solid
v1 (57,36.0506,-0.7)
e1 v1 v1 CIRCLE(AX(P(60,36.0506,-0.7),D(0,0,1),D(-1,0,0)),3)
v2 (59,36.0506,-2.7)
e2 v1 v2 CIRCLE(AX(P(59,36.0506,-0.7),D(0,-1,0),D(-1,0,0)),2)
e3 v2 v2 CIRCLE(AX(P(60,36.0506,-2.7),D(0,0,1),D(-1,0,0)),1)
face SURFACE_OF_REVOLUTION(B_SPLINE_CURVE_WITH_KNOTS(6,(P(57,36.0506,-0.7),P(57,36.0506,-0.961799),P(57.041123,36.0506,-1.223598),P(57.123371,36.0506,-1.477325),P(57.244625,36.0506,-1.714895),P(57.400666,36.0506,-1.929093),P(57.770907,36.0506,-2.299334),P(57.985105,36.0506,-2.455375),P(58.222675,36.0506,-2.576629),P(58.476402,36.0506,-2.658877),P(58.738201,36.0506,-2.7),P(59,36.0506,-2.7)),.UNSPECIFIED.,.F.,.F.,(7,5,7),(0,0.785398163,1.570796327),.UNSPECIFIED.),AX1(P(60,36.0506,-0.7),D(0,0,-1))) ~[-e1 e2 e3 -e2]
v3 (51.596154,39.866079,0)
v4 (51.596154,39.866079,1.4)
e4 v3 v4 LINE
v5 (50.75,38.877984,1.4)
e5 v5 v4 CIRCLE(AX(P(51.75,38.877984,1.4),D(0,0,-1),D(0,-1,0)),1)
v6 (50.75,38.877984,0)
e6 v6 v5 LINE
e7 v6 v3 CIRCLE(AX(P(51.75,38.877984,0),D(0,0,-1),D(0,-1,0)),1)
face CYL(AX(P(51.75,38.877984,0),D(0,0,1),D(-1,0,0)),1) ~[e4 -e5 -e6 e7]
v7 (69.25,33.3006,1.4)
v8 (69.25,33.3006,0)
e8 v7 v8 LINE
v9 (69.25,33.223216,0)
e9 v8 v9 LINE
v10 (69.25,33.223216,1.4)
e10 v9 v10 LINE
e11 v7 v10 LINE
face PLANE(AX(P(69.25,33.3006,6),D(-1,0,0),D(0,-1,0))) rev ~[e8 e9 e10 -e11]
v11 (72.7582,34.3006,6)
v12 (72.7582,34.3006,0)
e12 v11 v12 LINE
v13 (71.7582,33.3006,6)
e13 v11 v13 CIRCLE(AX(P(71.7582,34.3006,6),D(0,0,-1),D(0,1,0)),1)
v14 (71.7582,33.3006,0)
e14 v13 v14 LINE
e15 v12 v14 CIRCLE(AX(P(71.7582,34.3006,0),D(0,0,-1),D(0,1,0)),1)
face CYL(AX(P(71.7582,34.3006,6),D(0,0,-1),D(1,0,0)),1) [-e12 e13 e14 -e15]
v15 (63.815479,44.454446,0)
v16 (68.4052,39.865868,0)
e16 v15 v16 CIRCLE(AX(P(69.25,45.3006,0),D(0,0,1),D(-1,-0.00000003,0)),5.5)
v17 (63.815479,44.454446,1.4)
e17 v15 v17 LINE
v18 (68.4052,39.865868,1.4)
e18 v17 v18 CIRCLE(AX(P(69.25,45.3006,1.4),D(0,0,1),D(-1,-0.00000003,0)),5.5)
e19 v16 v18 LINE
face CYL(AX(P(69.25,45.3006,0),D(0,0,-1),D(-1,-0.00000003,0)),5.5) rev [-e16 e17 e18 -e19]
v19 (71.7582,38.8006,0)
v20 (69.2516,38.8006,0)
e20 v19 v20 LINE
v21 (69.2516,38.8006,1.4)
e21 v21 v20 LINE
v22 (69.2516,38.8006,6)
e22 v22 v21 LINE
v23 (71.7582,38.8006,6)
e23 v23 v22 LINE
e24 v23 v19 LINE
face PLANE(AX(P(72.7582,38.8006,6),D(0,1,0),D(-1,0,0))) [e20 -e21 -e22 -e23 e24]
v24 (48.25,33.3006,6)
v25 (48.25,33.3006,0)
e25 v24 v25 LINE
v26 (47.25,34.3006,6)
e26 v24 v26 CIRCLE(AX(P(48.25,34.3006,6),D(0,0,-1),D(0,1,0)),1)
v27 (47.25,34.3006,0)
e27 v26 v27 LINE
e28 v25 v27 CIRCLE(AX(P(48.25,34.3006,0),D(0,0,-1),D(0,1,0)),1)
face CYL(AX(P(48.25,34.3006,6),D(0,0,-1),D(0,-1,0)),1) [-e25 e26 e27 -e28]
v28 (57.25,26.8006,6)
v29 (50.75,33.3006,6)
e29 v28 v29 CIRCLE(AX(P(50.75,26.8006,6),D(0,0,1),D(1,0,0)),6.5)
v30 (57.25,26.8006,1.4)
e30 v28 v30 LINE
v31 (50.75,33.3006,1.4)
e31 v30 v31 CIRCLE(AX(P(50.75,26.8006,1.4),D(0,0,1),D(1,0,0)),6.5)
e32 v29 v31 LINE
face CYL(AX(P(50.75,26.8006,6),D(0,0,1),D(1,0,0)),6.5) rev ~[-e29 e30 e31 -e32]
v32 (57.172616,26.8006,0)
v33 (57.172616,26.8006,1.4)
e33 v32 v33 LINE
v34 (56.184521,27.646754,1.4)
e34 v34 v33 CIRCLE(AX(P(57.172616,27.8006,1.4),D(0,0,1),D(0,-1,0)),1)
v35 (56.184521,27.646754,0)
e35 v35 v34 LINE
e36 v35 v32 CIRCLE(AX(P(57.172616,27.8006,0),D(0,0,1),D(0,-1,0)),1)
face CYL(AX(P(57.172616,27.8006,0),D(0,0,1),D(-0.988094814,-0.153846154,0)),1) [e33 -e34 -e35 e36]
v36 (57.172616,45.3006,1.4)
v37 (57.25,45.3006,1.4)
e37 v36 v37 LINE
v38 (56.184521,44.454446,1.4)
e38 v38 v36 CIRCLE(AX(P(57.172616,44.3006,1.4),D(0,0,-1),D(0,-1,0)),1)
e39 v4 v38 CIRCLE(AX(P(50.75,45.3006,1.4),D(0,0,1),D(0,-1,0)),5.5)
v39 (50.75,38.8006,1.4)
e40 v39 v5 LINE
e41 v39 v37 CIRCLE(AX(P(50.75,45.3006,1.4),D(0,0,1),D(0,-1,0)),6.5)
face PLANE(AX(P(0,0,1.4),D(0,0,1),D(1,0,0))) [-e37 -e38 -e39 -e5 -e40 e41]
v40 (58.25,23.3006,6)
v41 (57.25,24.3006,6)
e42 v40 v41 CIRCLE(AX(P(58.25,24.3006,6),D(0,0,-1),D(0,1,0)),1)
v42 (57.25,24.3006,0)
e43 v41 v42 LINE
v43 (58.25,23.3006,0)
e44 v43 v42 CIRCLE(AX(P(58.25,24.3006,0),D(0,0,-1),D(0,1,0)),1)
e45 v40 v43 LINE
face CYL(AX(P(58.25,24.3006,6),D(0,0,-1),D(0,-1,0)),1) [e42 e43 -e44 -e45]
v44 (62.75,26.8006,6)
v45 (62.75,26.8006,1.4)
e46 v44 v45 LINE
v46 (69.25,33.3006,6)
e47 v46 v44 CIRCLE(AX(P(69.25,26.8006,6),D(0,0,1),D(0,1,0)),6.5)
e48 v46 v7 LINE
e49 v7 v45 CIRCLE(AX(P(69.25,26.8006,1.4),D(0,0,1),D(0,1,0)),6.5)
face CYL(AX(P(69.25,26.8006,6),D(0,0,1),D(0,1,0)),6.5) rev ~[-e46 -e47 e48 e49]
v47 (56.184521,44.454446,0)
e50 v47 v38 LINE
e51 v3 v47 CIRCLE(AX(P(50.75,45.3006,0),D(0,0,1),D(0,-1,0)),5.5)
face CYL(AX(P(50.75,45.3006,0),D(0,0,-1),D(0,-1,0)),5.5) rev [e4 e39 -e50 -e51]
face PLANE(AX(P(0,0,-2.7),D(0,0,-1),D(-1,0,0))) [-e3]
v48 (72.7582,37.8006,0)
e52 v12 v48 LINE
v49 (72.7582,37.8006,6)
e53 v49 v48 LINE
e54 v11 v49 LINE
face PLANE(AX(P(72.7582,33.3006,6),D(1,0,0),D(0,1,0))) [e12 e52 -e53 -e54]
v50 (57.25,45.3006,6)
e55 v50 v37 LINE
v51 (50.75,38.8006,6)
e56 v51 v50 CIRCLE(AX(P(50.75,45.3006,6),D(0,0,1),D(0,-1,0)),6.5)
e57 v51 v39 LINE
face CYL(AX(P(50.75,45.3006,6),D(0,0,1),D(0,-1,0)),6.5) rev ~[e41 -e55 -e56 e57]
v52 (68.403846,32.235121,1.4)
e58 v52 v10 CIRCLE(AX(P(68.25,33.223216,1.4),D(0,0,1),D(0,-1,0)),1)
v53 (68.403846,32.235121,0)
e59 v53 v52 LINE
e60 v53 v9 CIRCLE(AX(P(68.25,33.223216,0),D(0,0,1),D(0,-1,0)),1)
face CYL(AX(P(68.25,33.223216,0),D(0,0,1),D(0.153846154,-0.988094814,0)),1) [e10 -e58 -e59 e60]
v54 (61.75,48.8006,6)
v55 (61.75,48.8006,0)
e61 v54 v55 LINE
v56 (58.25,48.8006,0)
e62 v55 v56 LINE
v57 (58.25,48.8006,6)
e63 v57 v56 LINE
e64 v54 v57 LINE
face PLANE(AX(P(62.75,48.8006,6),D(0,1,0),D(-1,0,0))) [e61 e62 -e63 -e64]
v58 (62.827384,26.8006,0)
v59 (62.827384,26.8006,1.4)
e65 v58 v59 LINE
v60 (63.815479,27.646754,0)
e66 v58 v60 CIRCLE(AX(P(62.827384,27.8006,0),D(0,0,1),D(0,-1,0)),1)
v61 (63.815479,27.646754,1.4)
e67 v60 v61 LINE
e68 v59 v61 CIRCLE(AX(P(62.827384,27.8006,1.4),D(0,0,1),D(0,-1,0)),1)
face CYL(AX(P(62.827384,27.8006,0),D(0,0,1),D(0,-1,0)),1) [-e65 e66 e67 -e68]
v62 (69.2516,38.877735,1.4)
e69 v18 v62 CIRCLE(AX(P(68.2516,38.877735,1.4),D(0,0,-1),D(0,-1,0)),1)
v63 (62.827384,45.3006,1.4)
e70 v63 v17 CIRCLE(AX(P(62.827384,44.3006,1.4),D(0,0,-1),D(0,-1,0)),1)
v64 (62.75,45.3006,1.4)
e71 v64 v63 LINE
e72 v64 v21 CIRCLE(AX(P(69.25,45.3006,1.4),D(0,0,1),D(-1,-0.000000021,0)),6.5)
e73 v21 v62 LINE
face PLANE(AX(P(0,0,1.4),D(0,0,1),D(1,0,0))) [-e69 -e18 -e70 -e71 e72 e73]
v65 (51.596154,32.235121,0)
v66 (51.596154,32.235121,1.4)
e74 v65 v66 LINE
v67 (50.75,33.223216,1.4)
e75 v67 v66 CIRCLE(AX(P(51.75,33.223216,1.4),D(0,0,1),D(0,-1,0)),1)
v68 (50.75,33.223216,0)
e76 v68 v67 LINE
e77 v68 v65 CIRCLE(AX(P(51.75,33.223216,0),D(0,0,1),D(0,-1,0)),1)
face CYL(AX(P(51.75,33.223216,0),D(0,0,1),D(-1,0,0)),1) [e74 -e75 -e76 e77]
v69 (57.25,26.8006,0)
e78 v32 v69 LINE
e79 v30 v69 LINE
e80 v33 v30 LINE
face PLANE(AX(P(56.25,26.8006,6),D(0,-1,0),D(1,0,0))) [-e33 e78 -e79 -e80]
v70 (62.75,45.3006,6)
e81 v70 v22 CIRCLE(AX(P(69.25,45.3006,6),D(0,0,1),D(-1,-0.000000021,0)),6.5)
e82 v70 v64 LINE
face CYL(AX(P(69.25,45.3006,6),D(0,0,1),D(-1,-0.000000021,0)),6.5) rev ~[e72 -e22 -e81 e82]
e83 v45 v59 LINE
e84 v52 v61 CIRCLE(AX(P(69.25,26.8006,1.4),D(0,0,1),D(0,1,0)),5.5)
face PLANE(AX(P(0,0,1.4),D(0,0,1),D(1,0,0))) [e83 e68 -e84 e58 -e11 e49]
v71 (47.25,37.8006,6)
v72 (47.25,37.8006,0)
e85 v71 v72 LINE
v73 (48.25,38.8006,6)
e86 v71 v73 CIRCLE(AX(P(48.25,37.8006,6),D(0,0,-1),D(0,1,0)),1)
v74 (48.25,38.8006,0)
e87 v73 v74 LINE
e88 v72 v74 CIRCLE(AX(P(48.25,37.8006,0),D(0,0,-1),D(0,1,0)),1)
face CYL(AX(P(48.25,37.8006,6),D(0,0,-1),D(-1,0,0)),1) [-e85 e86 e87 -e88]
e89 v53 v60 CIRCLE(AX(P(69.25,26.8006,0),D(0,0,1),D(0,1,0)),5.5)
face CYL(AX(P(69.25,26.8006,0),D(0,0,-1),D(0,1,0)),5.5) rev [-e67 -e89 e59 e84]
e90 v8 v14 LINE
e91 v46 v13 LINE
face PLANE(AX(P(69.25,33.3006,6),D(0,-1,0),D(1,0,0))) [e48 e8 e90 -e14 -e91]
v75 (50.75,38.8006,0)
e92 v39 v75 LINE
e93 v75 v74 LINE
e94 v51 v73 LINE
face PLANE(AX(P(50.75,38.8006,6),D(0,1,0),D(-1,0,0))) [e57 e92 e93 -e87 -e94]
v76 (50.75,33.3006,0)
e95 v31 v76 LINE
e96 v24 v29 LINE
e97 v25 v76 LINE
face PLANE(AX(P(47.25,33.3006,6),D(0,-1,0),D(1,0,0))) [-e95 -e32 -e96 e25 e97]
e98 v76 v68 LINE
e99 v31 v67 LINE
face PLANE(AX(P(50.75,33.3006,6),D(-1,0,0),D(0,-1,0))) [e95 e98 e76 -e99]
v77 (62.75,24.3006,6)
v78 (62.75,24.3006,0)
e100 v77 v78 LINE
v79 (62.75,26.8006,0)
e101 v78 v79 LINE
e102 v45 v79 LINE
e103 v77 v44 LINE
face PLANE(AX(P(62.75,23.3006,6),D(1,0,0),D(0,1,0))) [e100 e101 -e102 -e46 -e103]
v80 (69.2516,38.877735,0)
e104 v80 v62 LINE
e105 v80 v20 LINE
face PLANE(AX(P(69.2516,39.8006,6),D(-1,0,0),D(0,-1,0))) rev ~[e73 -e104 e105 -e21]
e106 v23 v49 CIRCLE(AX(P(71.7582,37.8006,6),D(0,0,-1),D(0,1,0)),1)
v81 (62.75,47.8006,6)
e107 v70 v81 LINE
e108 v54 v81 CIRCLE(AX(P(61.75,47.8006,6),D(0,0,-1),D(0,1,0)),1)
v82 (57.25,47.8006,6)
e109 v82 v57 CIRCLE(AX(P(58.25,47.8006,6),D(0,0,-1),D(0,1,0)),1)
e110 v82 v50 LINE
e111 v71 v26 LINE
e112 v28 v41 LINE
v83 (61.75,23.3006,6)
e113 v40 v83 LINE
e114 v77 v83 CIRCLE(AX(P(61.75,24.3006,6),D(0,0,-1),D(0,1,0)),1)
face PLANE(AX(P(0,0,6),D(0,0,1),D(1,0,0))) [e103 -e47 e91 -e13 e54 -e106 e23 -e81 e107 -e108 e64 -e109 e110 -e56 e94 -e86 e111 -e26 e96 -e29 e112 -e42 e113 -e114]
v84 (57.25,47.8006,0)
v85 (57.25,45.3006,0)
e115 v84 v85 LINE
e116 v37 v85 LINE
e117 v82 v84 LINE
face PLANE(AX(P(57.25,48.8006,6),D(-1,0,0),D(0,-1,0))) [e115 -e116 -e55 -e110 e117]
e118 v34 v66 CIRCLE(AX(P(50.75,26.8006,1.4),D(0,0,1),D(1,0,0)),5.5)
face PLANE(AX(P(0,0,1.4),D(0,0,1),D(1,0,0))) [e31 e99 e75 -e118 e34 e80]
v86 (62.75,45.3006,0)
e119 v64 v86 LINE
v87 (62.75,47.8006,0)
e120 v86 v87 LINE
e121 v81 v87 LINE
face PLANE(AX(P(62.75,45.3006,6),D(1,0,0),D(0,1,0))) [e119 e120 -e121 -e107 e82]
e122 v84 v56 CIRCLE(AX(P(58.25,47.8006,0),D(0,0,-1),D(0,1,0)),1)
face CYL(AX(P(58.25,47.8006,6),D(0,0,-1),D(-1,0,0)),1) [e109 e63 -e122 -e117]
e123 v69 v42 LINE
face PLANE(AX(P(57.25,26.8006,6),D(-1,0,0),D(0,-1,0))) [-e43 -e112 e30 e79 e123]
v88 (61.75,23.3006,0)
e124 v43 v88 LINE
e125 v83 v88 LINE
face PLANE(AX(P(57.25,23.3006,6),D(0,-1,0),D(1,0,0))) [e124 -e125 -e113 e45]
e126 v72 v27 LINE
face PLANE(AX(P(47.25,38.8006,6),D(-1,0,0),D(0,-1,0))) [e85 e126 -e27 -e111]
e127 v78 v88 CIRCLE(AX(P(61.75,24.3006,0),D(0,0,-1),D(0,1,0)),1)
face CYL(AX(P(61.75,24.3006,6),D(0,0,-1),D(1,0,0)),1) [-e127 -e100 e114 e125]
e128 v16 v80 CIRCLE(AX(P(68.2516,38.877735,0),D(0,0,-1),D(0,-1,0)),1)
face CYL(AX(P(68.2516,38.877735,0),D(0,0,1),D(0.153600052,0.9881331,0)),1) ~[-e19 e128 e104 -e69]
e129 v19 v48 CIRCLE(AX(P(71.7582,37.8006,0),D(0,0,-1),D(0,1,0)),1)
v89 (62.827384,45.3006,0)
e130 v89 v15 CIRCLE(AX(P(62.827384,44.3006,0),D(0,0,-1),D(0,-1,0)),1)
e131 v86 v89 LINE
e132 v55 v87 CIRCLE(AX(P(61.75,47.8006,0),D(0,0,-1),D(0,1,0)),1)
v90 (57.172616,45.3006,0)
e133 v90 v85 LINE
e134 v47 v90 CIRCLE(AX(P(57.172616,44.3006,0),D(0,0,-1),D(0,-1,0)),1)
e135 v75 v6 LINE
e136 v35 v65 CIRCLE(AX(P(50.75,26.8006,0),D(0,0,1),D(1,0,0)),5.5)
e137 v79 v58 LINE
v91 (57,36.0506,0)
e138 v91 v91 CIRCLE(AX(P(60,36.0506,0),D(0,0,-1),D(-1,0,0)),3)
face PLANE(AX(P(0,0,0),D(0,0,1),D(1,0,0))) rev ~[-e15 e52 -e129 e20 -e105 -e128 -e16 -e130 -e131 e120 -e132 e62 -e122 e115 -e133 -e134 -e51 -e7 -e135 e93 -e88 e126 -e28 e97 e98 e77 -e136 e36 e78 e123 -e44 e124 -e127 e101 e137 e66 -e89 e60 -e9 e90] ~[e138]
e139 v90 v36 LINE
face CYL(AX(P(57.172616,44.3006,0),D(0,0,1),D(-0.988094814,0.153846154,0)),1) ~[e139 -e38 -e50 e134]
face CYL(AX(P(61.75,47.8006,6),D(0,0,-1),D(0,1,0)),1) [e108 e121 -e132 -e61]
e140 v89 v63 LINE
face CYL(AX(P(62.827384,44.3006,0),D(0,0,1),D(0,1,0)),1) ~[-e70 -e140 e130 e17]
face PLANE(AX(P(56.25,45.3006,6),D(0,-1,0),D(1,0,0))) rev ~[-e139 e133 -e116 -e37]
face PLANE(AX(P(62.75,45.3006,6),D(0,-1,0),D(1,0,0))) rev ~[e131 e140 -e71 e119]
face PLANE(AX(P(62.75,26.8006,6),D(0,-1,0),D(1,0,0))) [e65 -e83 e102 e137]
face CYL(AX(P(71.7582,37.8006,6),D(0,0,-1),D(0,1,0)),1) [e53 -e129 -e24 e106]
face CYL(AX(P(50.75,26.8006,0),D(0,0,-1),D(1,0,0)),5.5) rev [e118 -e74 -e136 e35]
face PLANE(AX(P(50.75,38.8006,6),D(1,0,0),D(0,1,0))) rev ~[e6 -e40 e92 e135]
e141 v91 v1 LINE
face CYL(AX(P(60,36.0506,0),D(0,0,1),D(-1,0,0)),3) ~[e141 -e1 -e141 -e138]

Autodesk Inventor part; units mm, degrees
ref_plane "YZ Plane" through (0, 0, 0) normal (1, 0, 0) x (0, 1, 0)
ref_plane "XZ Plane" through (0, 0, 0) normal (0, 1, 0) x (-1, 0, 0)
ref_plane "XY Plane" through (0, 0, 0) normal (0, 0, 1) x (1, 0, 0)
sketch "Sketch1" plane through (0, 0, 0) normal (0, 0, 1) x (1, 0, 0)
  line L0 (50.75, 32.3006) -> (46.25, 32.3006)
  line L1 (46.25, 32.3006) -> (46.25, 39.8006)
  line L2 (46.25, 39.8006) -> (50.75, 39.8006)
  arc A0 (50.75, 39.8006) -> (56.25, 45.3006) centre (50.75, 45.3006) ccw
  line L3 (56.25, 45.3006) -> (56.25, 49.8006)
  line L4 (56.25, 49.8006) -> (63.75, 49.8006)
  line L5 (63.75, 49.8006) -> (63.75, 45.3006)
  arc A1 (63.75, 45.3006) -> (69.2516, 39.8006) centre (69.25, 45.3006) ccw
  line L6 (69.2516, 39.8006) -> (73.7503, 39.8165)
  line L7 (73.7503, 39.8165) -> (73.7589, 32.3006)
  line L8 (73.7589, 32.3006) -> (69.25, 32.3006)
  arc A2 (69.25, 32.3006) -> (63.75, 26.8006) centre (69.25, 26.8006) ccw
  line L9 (63.75, 26.8006) -> (63.75, 22.3006)
  line L10 (63.75, 22.3006) -> (56.25, 22.3006)
  line L11 (56.25, 22.3006) -> (56.25, 26.8006)
  arc A3 (56.25, 26.8006) -> (50.75, 32.3006) centre (50.75, 26.8006) ccw
  line L12 (47.25, 33.3006) -> (50.75, 33.3006)
  arc A4 (57.25, 26.8006) -> (50.75, 33.3006) centre (50.75, 26.8006) ccw
  line L13 (57.25, 26.8006) -> (57.25, 23.3006)
  line L14 (57.25, 23.3006) -> (62.75, 23.3006)
  line L15 (62.75, 23.3006) -> (62.75, 26.8006)
  arc A5 (69.25, 33.3006) -> (62.75, 26.8006) centre (69.25, 26.8006) ccw
  line L16 (69.25, 33.3006) -> (72.7578, 33.3006)
  line L17 (72.7578, 33.3006) -> (72.7514, 38.813)
  line L18 (72.7514, 38.813) -> (69.2535, 38.8006)
  arc A6 (62.75, 45.3006) -> (69.2535, 38.8006) centre (69.25, 45.3006) ccw
  line L19 (62.75, 45.3006) -> (62.75, 48.8006)
  line L20 (62.75, 48.8006) -> (57.25, 48.8006)
  line L21 (57.25, 48.8006) -> (57.25, 45.3006)
  arc A7 (50.75, 38.8006) -> (57.25, 45.3006) centre (50.75, 45.3006) ccw
  line L22 (50.75, 38.8006) -> (47.25, 38.8006)
  line L23 (47.25, 38.8006) -> (47.25, 33.3006)
  point P0 (0, 0)
  dimension "d47" = 1
extrude "Extrusion1" add sketch "Sketch1" along normal blind 6 contours L0 L1 L2 A0 L3 L4 L5 A1 L6 L7 L8 A2 L9 L10 L11 A3 | L23 L22 A7 L21 L20 L19 A6 L18 L17 L16 A5 L15 L14 L13 A4 L12
sketch "Sketch2" plane through (0, 0, 6) normal (0, 0, 1) x (1, 0, 0)
  line L0 (50.75, 32.3006) -> (46.25, 32.3006)
  line L1 (46.25, 32.3006) -> (46.25, 39.8006)
  line L2 (46.25, 39.8006) -> (50.75, 39.8006)
  arc A0 (50.75, 39.8006) -> (56.25, 45.3006) centre (50.75, 45.3006) ccw
  line L3 (56.25, 49.8006) -> (63.75, 49.8006)
  line L4 (63.75, 49.8006) -> (63.75, 45.3006)
  arc A1 (63.75, 45.3006) -> (69.2516, 39.8006) centre (69.25, 45.3006) ccw
  line L5 (69.2516, 39.8006) -> (73.7498, 39.8006)
  line L6 (73.7498, 39.8006) -> (73.732, 32.3006)
  line L7 (73.732, 32.3006) -> (69.25, 32.3006)
  arc A2 (69.25, 32.3006) -> (63.75, 26.8006) centre (69.25, 26.8006) ccw
  line L8 (63.75, 26.8006) -> (63.75, 22.3006)
  line L9 (63.75, 22.3006) -> (56.25, 22.3006)
  line L10 (56.25, 22.3006) -> (56.25, 26.8006)
  arc A3 (56.25, 26.8006) -> (50.75, 32.3006) centre (50.75, 26.8006) ccw
  line L11 (47.25, 33.3006) -> (50.75, 33.3006)
  arc A4 (57.25, 26.8006) -> (50.75, 33.3006) centre (50.75, 26.8006) ccw
  line L12 (57.25, 26.8006) -> (57.25, 23.3006)
  line L13 (57.25, 23.3006) -> (62.75, 23.3006)
  line L14 (62.75, 23.3006) -> (62.75, 26.8006)
  arc A5 (69.25, 33.3006) -> (62.75, 26.8006) centre (69.25, 26.8006) ccw
  line L15 (69.25, 33.3006) -> (72.7343, 33.3006)
  line L16 (72.7343, 33.3006) -> (72.7474, 38.8006)
  line L17 (72.7474, 38.8006) -> (69.2516, 38.8006)
  arc A6 (62.75, 45.3006) -> (69.2516, 38.8006) centre (69.25, 45.3006) ccw
  line L18 (62.75, 45.3006) -> (62.75, 48.8006)
  line L19 (62.75, 48.8006) -> (57.25, 48.8006)
  line L20 (57.25, 48.8006) -> (57.25, 45.3006)
  arc A7 (50.75, 38.8006) -> (57.25, 45.3006) centre (50.75, 45.3006) ccw
  line L21 (50.75, 38.8006) -> (47.25, 38.8006)
  line L22 (47.25, 38.8006) -> (47.25, 33.3006)
  line L23 (50.75, 33.3006) -> (50.75, 32.3006)
  line L24 (50.75, 38.8006) -> (50.75, 39.8006)
  line L25 (56.25, 49.8006) -> (56.25, 45.3006)
  line L26 (56.25, 45.3006) -> (57.25, 45.3006)
  line L27 (62.75, 45.3006) -> (63.75, 45.3006)
  line L28 (69.2516, 38.8006) -> (69.2516, 39.8006)
  line L29 (69.25, 33.3006) -> (69.25, 32.3006)
  line L30 (62.75, 26.8006) -> (63.75, 26.8006)
  line L31 (56.25, 26.8006) -> (56.25, 22.3006) projected
  line L32 (56.25, 26.8006) -> (57.25, 26.8006)
  dimension "d48" = 1
sketch "Sketch4" plane through (0, 0, 0) normal (0, 0, -1) x (-1, 0, 0)
  line L0 (-73.75, 32.3006) -> (-73.75, 39.8006) projected
  line L1 (-73.75, 36.0506) -> (-46.25, 36.0506)
  line L2 (-46.25, 39.8006) -> (-46.25, 32.3006) projected
  circle A0 centre (-60, 36.0506) radius 3
  point P0 (0, 0)
  dimension "d31" = 6
extrude "Extrusion4" add sketch "Sketch4" along normal blind 2.7
fillet "Fillet4" radius 2 1 edges at (63, 36.0506, -2.7)
extrude "Extrusion7" cut sketch "Sketch2" against normal blind 4.6 contours L23 A4 L32 A3 | A0 L26 A7 L24 | L30 A5 L29 A2 | A1 L28 A6 L27
sketch "Sketch5" plane through (0, 0, 6) normal (0, 0, 1) x (1, 0, 0)
  line L0 (62.75, 23.3006) -> (62.75, 26.8006)
  line L1 (63.75, 26.8006) -> (63.75, 22.3006)
  line L2 (57.25, 26.8006) -> (57.25, 23.3006)
  line L3 (57.25, 23.3006) -> (62.75, 23.3006)
  line L4 (56.25, 22.3006) -> (56.25, 26.8006)
  line L5 (63.75, 22.3006) -> (56.25, 22.3006)
  line L6 (56.25, 49.8006) -> (63.75, 49.8006)
  line L7 (63.75, 49.8006) -> (63.75, 45.3006)
  line L8 (57.25, 48.8006) -> (57.25, 45.3006)
  line L9 (62.75, 48.8006) -> (57.25, 48.8006)
  line L10 (62.75, 45.3006) -> (62.75, 48.8006)
  line L11 (50.75, 32.3006) -> (46.25, 32.3006)
  line L12 (46.25, 32.3006) -> (46.25, 39.8006)
  line L13 (46.25, 39.8006) -> (50.75, 39.8006)
  line L14 (47.25, 33.3006) -> (50.75, 33.3006)
  line L15 (47.25, 38.8006) -> (47.25, 33.3006)
  line L16 (50.75, 38.8006) -> (47.25, 38.8006)
  line L17 (50.75, 33.3006) -> (50.75, 32.3006)
  line L18 (50.75, 38.8006) -> (50.75, 39.8006)
  line L19 (56.25, 49.8006) -> (56.25, 45.3006)
  line L20 (56.25, 45.3006) -> (57.25, 45.3006)
  line L21 (62.75, 45.3006) -> (63.75, 45.3006)
  line L22 (62.75, 26.8006) -> (63.75, 26.8006)
  line L23 (56.25, 26.8006) -> (56.25, 22.3006)
  line L24 (56.25, 26.8006) -> (57.25, 26.8006)
  line L25 (73.7589, 32.3006) -> (69.25, 32.3006) projected
  line L26 (69.25, 32.3006) -> (73.7589, 32.3006)
  line L27 (73.7589, 32.3006) -> (73.7503, 39.8165) projected
  line L28 (73.7589, 32.3006) -> (73.7503, 39.8165)
  line L29 (69.2516, 39.8006) -> (73.7503, 39.8165) projected
  line L30 (73.7503, 39.8165) -> (69.2516, 39.8006)
  line L31 (69.2516, 39.8006) -> (69.2516, 38.8006) projected
  line L32 (69.2516, 39.8006) -> (69.2516, 38.8006)
  line L33 (69.25, 33.3006) -> (69.25, 32.3006) projected
  line L34 (69.25, 32.3006) -> (69.25, 33.3006)
  line L35 (69.25, 33.3006) -> (72.7582, 33.3006)
  line L36 (72.7582, 33.3006) -> (72.7582, 38.8006)
  line L37 (72.7582, 38.8006) -> (69.2516, 38.8006)
  point P0 (0, 0)
  point P1 (50.75, 26.8006)
  dimension "d51" = 1
extrude "Extrusion8" cut sketch "Sketch5" against normal blind 6
fillet "Fillet6" radius 1 8 edges at (72.7582, 33.3006, 3) (72.7582, 38.8006, 3) (62.75, 23.3006, 3) (57.25, 23.3006, 3) (62.75, 48.8006, 3) (57.25, 48.8006, 3) (47.25, 38.8006, 3) (47.25, 33.3006, 3)
fillet "Fillet7" radius 1 8 edges at (69.25, 32.3006, 0.7) (63.75, 26.8006, 0.7) (69.2516, 39.8006, 0.7) (63.75, 45.3006, 0.7) (56.25, 26.8006, 0.7) (50.75, 32.3006, 0.7) (56.25, 45.3006, 0.7) (50.75, 39.8006, 0.7)
properties part number "Groboy Buttons D-Pad"
